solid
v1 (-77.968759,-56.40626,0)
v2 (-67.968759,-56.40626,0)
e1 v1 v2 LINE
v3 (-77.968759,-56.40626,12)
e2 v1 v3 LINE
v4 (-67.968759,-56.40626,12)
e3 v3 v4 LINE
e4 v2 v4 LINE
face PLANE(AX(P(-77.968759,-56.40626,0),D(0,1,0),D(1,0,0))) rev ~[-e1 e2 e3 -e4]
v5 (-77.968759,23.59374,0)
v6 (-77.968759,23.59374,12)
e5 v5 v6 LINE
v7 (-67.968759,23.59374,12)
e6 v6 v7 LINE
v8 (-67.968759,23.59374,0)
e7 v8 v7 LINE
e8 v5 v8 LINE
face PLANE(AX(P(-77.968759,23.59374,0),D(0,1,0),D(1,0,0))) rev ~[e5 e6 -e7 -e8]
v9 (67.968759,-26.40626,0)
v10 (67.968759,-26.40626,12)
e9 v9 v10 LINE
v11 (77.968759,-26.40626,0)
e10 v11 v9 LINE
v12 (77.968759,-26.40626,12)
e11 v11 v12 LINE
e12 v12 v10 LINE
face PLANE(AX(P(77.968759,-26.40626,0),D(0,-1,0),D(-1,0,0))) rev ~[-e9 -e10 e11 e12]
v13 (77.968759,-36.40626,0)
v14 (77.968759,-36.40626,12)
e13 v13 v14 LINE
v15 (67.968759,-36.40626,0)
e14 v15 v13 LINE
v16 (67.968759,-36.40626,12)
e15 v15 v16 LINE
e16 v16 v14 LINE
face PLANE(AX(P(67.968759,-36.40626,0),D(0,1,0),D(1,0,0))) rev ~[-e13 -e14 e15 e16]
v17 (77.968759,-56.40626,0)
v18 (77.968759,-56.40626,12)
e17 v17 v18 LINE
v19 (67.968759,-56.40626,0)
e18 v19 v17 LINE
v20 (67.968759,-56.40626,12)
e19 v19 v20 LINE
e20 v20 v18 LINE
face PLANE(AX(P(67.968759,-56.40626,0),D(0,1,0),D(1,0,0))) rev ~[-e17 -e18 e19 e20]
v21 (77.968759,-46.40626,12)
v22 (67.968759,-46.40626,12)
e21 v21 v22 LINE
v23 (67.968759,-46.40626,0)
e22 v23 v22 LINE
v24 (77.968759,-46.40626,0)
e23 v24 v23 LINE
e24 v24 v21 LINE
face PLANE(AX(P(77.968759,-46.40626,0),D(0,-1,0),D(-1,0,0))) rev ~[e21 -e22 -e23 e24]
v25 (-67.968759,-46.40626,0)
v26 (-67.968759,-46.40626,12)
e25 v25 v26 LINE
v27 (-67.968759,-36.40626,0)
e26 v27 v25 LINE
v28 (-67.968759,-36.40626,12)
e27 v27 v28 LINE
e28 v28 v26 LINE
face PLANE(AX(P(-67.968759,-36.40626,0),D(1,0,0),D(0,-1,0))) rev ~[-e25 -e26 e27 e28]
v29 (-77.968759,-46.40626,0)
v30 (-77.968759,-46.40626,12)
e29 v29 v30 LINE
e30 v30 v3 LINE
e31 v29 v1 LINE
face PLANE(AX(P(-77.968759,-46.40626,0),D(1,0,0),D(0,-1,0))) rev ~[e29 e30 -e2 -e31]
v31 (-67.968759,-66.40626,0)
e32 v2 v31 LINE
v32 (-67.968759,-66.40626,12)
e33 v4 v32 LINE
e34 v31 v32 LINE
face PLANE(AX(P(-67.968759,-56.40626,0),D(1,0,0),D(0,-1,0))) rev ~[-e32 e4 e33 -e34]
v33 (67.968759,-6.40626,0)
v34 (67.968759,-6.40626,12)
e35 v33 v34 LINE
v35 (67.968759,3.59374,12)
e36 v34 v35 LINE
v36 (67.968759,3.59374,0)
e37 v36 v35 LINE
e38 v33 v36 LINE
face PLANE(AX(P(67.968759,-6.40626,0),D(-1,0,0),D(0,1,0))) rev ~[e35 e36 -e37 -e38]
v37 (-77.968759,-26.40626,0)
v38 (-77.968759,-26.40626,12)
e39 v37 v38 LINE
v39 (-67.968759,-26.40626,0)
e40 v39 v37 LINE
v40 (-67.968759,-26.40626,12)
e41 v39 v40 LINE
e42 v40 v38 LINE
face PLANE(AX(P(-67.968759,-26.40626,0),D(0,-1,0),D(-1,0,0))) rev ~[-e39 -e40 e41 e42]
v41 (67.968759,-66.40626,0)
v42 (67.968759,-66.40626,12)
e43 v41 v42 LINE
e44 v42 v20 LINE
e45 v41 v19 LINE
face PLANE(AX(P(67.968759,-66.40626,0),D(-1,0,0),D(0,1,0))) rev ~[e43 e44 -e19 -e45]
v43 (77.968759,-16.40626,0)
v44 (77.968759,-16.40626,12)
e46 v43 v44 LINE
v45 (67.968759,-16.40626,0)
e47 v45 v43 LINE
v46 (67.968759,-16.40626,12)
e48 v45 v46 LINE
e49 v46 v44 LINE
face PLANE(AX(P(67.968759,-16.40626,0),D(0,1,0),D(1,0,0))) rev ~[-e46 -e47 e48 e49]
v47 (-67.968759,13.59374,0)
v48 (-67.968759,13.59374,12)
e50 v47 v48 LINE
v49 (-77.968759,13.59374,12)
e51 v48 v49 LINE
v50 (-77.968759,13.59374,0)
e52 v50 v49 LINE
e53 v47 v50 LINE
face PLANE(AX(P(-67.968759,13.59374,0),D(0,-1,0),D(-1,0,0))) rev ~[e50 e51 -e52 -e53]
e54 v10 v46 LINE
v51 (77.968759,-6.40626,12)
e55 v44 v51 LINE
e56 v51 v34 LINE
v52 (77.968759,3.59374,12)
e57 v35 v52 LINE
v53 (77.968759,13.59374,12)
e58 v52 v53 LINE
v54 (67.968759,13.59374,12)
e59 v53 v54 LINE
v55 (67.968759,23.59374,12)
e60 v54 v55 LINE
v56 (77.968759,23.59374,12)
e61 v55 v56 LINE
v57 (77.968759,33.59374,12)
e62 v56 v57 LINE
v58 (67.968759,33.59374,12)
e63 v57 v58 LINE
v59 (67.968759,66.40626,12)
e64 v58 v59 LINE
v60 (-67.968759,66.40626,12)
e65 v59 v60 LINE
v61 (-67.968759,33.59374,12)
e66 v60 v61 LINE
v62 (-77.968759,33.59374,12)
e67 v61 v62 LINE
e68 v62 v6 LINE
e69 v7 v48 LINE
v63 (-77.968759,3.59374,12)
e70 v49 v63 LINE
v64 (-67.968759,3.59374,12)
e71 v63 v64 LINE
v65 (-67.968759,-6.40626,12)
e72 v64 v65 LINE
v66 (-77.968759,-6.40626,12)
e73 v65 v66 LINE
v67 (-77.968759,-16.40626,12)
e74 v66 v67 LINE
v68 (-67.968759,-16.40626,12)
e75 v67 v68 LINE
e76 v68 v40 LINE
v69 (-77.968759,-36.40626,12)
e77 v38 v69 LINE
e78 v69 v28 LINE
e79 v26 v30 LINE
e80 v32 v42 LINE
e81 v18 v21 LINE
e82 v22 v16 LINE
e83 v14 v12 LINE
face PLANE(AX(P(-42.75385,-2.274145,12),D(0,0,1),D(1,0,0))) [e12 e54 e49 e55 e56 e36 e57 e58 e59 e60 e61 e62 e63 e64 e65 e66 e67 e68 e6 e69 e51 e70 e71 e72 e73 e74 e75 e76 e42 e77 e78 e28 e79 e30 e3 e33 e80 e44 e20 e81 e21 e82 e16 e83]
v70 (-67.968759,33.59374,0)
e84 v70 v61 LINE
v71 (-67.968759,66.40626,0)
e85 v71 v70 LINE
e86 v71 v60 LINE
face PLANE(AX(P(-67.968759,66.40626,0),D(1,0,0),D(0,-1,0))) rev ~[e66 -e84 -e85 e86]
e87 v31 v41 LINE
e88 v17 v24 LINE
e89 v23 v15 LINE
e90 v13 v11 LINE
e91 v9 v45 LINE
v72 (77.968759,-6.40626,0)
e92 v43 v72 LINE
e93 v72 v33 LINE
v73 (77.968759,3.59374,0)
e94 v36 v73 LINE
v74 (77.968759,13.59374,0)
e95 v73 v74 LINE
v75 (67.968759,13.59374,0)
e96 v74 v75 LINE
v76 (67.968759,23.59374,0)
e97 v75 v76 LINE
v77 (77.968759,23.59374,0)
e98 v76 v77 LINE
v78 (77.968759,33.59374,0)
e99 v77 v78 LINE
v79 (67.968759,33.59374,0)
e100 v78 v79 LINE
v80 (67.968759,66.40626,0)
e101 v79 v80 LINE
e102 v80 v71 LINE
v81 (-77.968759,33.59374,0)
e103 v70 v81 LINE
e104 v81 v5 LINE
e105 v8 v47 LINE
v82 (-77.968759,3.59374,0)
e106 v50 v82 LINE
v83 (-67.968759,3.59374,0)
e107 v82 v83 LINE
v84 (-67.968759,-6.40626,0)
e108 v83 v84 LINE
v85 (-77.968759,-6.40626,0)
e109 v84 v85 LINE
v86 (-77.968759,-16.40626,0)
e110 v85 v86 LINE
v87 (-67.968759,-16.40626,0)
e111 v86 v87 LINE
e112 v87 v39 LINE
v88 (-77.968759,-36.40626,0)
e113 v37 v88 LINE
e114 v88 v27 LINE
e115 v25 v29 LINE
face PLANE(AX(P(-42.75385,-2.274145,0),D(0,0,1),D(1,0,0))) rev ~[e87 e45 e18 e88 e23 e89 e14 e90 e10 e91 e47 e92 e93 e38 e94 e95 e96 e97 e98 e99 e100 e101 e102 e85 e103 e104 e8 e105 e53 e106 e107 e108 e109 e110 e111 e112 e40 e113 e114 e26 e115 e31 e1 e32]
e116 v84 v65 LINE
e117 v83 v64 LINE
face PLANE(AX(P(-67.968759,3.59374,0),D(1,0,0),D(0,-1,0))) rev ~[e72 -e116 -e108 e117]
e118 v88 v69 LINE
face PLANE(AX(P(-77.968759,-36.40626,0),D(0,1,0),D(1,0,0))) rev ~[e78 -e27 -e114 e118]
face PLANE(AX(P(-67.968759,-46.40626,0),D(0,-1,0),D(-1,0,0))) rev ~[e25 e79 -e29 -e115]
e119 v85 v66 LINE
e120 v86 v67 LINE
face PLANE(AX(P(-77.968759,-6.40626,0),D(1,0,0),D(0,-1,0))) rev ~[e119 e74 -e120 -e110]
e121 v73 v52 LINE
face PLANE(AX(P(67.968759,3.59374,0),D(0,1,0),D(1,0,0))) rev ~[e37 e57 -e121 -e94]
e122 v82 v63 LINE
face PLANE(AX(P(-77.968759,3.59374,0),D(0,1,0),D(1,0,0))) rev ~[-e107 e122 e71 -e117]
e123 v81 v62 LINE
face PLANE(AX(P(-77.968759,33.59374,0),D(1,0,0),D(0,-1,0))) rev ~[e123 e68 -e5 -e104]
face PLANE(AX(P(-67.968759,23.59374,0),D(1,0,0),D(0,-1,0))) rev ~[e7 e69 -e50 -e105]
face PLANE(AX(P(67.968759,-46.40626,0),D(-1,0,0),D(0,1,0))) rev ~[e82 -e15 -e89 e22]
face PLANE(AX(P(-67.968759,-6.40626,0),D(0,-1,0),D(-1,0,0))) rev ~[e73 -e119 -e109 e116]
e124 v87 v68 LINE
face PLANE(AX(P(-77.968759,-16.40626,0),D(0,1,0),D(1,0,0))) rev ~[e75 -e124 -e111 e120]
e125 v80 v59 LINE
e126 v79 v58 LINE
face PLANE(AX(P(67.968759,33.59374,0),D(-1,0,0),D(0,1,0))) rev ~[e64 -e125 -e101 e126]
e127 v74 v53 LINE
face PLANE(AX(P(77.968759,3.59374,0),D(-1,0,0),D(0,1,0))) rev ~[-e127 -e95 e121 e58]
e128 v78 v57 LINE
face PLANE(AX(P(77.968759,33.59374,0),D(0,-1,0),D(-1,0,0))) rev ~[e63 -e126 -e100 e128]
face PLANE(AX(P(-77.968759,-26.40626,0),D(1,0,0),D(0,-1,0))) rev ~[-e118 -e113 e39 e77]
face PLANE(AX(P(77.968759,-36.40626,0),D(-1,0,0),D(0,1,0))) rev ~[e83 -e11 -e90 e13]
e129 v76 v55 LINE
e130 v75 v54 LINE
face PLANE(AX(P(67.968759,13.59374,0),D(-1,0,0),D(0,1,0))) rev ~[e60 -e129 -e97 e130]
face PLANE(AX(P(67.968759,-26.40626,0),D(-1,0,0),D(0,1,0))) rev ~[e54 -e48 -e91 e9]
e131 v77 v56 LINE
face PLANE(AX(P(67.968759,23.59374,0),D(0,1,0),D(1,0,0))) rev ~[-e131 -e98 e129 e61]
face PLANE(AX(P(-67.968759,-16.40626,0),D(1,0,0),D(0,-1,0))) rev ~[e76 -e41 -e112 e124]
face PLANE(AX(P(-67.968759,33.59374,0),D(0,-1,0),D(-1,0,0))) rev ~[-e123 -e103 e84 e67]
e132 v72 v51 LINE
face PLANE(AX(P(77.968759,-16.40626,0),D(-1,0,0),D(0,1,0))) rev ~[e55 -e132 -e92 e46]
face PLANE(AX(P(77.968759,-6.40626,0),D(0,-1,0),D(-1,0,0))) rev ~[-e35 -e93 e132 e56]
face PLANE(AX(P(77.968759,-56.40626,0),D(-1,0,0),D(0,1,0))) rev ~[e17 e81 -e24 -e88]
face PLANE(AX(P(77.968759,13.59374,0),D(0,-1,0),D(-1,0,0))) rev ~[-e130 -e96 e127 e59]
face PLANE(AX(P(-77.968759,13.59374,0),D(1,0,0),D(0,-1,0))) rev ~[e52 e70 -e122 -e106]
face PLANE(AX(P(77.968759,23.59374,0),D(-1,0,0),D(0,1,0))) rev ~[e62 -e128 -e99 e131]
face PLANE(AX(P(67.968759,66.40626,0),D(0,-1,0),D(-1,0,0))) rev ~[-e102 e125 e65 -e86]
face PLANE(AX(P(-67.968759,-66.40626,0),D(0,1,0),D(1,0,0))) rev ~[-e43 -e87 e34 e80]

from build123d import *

# Parameters (mm, degrees)
F1_DEPTH = 12


with BuildPart() as f1:
    # F0 (on Top) → F1 (new body)
    with BuildSketch(Plane.XY):
        Polygon((0, -66.40626), (0, 66.40626), (-67.968759, 66.40626), (-67.968759, 33.59374), (-77.968759, 33.59374), (-77.968759, 23.59374), (-67.968759, 23.59374), (-67.968759, 13.59374), (-77.968759, 13.59374), (-77.968759, 3.59374), (-67.968759, 3.59374), (-67.968759, -6.40626), (-77.968759, -6.40626), (-77.968759, -16.40626), (-67.968759, -16.40626), (-67.968759, -26.40626), (-77.968759, -26.40626), (-77.968759, -36.40626), (-67.968759, -36.40626), (-67.968759, -46.40626), (-77.968759, -46.40626), (-77.968759, -56.40626), (-67.968759, -56.40626), (-67.968759, -66.40626), align=None)
        Polygon((67.968759, 33.59374), (67.968759, 66.40626), (0, 66.40626), (0, -66.40626), (67.968759, -66.40626), (67.968759, -56.40626), (77.968759, -56.40626), (77.968759, -46.40626), (67.968759, -46.40626), (67.968759, -36.40626), (77.968759, -36.40626), (77.968759, -26.40626), (67.968759, -26.40626), (67.968759, -16.40626), (77.968759, -16.40626), (77.968759, -6.40626), (67.968759, -6.40626), (67.968759, 3.59374), (77.968759, 3.59374), (77.968759, 13.59374), (67.968759, 13.59374), (67.968759, 23.59374), (77.968759, 23.59374), (77.968759, 33.59374), align=None)
    extrude(amount=F1_DEPTH)


solid = f1.part
